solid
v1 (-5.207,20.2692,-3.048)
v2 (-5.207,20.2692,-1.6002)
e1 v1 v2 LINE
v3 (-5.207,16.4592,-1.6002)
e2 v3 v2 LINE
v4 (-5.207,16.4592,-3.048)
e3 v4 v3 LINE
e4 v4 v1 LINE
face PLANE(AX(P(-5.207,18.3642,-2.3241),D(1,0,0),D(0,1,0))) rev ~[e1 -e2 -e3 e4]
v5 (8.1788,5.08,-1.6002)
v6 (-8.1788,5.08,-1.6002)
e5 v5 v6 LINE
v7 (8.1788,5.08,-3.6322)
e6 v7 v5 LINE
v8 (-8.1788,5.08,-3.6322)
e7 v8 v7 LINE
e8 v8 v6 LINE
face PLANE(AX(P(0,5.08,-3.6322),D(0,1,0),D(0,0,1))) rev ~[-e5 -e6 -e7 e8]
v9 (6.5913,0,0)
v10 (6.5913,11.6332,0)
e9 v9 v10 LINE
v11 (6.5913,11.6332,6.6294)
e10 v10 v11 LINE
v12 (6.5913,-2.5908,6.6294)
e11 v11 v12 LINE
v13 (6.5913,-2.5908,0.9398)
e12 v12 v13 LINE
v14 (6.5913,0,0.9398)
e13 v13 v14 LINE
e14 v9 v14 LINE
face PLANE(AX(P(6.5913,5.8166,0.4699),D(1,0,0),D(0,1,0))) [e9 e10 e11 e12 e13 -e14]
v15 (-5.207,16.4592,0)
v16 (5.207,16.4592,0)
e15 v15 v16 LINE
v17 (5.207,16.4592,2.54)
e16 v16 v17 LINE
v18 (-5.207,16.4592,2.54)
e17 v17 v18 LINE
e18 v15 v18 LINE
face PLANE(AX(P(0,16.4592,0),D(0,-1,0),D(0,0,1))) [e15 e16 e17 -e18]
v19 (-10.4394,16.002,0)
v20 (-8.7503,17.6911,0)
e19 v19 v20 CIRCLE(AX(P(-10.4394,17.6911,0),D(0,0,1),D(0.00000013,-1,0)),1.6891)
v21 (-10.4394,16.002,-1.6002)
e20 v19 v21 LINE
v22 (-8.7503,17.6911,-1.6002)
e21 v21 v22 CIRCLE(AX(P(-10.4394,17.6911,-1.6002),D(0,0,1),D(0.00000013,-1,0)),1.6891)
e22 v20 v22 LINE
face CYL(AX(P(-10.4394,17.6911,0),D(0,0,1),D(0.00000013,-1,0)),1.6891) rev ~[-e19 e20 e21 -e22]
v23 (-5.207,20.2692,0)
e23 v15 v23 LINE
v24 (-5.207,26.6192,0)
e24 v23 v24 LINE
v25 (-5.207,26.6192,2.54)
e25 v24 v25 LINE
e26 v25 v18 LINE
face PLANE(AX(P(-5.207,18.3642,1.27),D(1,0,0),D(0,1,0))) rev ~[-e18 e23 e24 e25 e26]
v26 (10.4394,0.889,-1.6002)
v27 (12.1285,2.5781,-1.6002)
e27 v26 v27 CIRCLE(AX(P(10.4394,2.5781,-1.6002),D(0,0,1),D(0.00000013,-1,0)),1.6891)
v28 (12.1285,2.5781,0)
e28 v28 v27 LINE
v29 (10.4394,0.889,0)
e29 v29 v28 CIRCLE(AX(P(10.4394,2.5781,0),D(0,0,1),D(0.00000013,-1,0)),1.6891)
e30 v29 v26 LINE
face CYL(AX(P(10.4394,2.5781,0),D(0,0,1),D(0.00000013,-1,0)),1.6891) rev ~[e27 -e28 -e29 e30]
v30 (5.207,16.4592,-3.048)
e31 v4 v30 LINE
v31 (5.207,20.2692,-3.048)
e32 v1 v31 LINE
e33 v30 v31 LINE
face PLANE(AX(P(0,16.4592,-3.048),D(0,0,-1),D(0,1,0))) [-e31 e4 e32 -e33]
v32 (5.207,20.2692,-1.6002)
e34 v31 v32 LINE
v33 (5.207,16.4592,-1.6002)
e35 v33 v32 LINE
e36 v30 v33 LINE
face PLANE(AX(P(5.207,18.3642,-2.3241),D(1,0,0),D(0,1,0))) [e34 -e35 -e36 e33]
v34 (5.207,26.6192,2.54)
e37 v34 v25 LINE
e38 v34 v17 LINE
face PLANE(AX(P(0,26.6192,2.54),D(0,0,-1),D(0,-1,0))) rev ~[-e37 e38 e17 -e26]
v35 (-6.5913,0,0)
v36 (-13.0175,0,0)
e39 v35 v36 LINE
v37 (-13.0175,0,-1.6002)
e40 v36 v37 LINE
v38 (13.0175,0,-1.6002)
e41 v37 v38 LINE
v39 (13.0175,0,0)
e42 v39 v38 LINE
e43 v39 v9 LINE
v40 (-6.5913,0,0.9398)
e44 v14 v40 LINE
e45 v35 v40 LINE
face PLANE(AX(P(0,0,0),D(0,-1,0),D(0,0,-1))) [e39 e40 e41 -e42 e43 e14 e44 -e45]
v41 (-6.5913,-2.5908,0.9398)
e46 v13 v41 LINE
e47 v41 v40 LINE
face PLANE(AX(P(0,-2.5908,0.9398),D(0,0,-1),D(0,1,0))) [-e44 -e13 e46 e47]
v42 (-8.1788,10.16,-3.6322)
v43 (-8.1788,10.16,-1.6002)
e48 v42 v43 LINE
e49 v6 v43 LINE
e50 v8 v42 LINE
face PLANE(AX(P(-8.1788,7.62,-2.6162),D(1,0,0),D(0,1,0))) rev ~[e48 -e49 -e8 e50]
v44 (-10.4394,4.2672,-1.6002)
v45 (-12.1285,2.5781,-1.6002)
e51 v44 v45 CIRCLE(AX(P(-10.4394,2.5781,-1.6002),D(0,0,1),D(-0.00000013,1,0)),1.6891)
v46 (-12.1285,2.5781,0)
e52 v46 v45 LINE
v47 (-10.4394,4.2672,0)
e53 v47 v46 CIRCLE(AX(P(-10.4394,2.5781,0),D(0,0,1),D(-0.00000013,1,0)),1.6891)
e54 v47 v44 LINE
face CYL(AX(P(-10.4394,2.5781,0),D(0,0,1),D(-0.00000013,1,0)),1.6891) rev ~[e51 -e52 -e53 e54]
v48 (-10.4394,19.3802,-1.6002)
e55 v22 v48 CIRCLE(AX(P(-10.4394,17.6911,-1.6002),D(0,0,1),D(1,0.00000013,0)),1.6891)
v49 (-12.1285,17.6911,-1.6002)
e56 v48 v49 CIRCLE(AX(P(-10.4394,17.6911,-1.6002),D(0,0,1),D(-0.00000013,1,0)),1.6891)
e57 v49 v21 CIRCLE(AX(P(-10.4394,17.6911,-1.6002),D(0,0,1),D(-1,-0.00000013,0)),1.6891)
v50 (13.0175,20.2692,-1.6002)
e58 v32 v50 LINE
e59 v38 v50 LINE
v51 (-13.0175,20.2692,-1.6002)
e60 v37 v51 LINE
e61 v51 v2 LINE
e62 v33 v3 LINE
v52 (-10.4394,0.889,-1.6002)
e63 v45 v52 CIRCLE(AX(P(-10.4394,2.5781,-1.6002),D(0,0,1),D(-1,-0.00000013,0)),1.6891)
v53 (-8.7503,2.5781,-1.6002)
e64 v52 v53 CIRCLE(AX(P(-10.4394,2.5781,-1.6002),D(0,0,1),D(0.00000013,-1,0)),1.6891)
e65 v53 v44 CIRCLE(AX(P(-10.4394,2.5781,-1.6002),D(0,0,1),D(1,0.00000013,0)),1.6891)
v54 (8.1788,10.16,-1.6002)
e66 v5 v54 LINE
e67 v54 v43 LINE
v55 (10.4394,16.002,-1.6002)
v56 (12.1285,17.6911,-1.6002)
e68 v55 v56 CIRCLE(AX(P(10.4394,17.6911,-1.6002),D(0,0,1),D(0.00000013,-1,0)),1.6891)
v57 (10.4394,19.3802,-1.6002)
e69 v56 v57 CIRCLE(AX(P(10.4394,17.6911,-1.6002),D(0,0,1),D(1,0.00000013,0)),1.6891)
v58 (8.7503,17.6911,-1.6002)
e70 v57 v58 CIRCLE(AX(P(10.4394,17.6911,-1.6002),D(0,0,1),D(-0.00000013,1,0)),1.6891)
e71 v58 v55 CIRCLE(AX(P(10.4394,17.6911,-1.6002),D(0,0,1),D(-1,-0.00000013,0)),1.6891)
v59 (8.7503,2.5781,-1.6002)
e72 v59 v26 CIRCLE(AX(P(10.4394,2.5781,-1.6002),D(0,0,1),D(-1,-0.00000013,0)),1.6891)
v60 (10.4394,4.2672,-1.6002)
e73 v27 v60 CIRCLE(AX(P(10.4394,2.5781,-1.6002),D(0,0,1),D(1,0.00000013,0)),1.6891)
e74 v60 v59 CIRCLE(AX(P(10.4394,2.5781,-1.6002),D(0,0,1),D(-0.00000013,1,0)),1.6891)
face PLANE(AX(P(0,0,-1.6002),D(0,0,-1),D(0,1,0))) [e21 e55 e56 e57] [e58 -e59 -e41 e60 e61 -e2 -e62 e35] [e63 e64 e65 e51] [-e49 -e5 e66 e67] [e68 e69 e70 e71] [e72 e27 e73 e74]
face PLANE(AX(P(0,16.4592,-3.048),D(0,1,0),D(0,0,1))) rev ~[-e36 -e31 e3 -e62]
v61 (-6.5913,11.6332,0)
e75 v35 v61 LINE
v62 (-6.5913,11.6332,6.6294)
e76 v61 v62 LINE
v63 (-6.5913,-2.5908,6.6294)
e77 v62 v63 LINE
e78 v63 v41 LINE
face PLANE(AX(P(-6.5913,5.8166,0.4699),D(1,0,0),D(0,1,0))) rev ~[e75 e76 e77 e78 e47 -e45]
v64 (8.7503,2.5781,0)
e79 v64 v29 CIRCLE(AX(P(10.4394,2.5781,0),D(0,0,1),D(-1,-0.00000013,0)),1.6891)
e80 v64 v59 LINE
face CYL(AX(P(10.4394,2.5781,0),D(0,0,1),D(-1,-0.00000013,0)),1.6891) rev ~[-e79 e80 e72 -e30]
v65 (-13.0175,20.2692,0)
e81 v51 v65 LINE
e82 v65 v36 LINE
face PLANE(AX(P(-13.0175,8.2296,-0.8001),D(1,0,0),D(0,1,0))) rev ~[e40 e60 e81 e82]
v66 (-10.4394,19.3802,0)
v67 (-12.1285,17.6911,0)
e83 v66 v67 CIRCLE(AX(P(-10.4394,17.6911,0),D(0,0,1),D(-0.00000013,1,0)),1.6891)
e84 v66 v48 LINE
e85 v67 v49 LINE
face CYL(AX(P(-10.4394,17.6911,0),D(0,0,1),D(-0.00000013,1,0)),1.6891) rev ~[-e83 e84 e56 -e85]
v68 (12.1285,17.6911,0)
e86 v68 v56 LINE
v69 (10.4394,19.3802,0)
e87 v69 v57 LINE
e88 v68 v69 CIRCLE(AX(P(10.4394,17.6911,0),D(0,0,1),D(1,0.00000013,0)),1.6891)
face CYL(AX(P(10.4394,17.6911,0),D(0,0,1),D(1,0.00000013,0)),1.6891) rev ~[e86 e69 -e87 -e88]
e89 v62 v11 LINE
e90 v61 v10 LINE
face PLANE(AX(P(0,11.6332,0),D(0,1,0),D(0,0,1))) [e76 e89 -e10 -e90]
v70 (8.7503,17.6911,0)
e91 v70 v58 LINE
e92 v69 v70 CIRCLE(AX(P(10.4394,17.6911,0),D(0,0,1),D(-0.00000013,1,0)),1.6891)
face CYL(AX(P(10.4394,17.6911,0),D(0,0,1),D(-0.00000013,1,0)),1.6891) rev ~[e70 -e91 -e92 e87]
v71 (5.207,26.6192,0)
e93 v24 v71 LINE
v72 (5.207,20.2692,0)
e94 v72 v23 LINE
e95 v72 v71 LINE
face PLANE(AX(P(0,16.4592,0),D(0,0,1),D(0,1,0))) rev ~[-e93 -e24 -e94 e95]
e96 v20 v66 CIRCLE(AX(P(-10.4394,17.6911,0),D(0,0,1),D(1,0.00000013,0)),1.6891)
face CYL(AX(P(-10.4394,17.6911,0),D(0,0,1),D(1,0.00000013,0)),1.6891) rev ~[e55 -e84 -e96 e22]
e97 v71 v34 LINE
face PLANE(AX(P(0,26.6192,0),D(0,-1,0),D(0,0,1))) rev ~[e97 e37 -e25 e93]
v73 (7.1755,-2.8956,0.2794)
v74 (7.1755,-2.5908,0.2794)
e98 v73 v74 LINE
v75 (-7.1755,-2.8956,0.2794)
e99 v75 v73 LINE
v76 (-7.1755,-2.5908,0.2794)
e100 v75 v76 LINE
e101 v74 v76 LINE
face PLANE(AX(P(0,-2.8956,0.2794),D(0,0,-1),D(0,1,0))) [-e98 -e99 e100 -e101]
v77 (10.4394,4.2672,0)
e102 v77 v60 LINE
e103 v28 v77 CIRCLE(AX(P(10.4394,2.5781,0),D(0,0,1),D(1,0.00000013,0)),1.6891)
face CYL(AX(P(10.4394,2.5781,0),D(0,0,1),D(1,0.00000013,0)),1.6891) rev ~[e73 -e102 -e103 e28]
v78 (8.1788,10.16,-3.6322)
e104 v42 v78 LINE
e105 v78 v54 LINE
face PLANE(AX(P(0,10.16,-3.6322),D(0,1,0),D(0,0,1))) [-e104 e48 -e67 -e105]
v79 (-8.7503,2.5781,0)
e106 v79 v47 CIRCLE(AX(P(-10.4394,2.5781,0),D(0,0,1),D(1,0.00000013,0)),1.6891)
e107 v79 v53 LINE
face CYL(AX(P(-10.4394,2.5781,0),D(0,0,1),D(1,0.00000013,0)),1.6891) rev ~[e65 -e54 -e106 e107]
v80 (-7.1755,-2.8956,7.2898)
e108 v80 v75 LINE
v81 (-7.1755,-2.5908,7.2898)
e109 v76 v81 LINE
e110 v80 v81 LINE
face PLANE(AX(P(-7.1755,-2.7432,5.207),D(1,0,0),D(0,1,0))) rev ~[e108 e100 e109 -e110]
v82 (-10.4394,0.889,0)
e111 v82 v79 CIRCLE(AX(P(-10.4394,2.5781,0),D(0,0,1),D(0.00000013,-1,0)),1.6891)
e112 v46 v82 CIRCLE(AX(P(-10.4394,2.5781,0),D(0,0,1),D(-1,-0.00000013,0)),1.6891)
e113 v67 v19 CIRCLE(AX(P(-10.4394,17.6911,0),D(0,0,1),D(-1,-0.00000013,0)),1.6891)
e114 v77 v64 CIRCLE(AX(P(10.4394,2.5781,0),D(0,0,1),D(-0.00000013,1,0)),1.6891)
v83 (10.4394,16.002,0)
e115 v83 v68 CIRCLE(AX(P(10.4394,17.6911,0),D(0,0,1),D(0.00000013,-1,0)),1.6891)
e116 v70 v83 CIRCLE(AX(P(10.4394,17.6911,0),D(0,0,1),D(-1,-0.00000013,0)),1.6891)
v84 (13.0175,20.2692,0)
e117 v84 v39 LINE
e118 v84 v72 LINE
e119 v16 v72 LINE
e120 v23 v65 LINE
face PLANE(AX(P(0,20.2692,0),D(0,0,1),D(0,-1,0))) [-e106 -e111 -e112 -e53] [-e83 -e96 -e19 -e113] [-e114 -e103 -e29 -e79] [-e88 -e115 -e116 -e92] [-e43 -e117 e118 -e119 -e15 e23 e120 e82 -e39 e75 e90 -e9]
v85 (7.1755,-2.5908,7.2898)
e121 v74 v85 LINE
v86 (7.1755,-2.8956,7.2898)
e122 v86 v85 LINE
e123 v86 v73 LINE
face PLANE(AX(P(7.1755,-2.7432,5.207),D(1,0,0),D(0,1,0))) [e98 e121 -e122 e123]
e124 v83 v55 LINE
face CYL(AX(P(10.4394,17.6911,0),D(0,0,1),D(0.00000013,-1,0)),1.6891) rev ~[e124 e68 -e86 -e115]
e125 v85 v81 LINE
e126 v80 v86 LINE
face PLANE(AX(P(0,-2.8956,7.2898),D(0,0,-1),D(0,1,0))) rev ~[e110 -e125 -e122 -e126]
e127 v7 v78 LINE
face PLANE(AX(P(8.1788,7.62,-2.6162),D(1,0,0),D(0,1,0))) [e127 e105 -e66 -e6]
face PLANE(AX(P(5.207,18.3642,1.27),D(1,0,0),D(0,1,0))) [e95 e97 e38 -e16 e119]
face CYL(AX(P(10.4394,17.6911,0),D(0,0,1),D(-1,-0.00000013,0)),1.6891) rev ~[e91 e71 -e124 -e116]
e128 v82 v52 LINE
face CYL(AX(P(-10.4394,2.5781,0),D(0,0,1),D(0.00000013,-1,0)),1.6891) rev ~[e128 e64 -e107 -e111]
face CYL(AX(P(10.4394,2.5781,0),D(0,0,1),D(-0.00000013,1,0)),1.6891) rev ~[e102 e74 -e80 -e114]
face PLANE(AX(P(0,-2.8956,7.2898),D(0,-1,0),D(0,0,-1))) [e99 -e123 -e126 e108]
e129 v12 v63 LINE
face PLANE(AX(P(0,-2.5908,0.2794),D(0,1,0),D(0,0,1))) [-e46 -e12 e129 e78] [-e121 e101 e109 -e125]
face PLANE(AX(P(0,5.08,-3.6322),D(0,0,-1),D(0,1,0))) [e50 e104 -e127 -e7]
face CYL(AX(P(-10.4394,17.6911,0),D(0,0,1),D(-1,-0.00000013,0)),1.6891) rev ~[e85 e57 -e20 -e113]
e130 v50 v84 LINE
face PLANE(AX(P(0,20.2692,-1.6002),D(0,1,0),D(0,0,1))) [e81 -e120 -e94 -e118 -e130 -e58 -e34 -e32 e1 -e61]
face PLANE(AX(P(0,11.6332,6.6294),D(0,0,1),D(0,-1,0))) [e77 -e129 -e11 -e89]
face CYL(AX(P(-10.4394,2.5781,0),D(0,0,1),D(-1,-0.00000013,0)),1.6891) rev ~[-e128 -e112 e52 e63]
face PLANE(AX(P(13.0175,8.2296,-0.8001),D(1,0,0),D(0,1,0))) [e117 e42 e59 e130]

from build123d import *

# Parameters (mm, degrees)
F0_W     = 3.81
F0_H     = 1.6002
F1_DEPTH = 13.0175
F0_W_2   = 11.6332
F0_H_2   = 0.9398
F2_DEPTH = 6.5913
F0_W_3   = 0.3048
F0_H_3   = 2.8448
F0_H_4   = 0.6604
F3_DEPTH = 7.1755
F0_H_5   = 2.54
F0_W_4   = 6.35
F0_H_6   = 1.4478
F4_DEPTH = 5.207
F0_W_5   = 5.08
F0_H_7   = 2.032
F5_DEPTH = 8.1788
F7_DEPTH = 3.6332


with BuildPart() as f1:
    # F0 (on Right) → F1 (new body, symmetric)
    with BuildSketch(Plane.YZ):
        Polygon((11.6332, 0), (0, 0), (0, -1.6002), (5.08, -1.6002), (10.16, -1.6002), (16.4592, -1.6002), (16.4592, 0), align=None)
        with Locations((18.3642, -0.8001)):
            Rectangle(F0_W, F0_H)
    extrude(amount=F1_DEPTH, both=True)

    # F0 (on Right) → F2 (join, symmetric)
    with BuildSketch(Plane.YZ):
        with Locations((5.8166, 0.4699)):
            Rectangle(F0_W_2, F0_H_2)
        Polygon((-2.5908, 0.9398), (0, 0.9398), (11.6332, 0.9398), (11.6332, 6.6294), (-2.5908, 6.6294), (-2.5908, 3.7846), align=None)
    extrude(amount=F2_DEPTH, both=True)

    # F0 (on Right) → F3 (join, symmetric)
    with BuildSketch(Plane.YZ):
        with Locations((-2.7432, 5.207)):
            Rectangle(F0_W_3, F0_H_3)
        with Locations((-2.7432, 6.9596)):
            Rectangle(F0_W_3, F0_H_4)
        with Locations((-2.7432, 2.3622)):
            Rectangle(F0_W_3, F0_H_3)
        with Locations((-2.7432, 0.6096)):
            Rectangle(F0_W_3, F0_H_4)
    extrude(amount=F3_DEPTH, both=True)

    # F0 (on Right) → F4 (join, symmetric)
    with BuildSketch(Plane.YZ):
        with Locations((18.3642, 1.27)):
            Rectangle(F0_W, F0_H_5)
        with Locations((23.4442, 1.27)):
            Rectangle(F0_W_4, F0_H_5)
        with Locations((18.3642, -2.3241)):
            Rectangle(F0_W, F0_H_6)
    extrude(amount=F4_DEPTH, both=True)

    # F0 (on Right) → F5 (join, symmetric)
    with BuildSketch(Plane.YZ):
        with Locations((7.62, -2.6162)):
            Rectangle(F0_W_5, F0_H_7)
    extrude(amount=F5_DEPTH, both=True)

    # F6 (on face) → F7 (cut, through all)
    with BuildSketch(Plane.XY):
        with BuildLine():
            Line((-10.4394, 4.2672), (-10.4394, 0.889))
            ThreePointArc((-10.4394, 0.889), (-9.245026, 1.383726), (-8.7503, 2.5781))
            ThreePointArc((-8.7503, 2.5781), (-9.245026, 3.772474), (-10.4394, 4.2672))
        make_face()
        with BuildLine():
            ThreePointArc((-12.1285, 2.5781), (-11.633774, 1.383726), (-10.4394, 0.889))
            Line((-10.4394, 0.889), (-10.4394, 4.2672))
            ThreePointArc((-10.4394, 4.2672), (-11.633774, 3.772474), (-12.1285, 2.5781))
        make_face()
        with BuildLine():
            Line((-10.4394, 19.3802), (-10.4394, 16.002))
            ThreePointArc((-10.4394, 16.002), (-9.245026, 16.496726), (-8.7503, 17.6911))
            ThreePointArc((-8.7503, 17.6911), (-9.245026, 18.885474), (-10.4394, 19.3802))
        make_face()
        with BuildLine():
            ThreePointArc((-12.1285, 17.6911), (-11.633774, 16.496726), (-10.4394, 16.002))
            Line((-10.4394, 16.002), (-10.4394, 19.3802))
            ThreePointArc((-10.4394, 19.3802), (-11.633774, 18.885474), (-12.1285, 17.6911))
        make_face()
        with BuildLine():
            ThreePointArc((8.7503, 17.6911), (9.245026, 16.496726), (10.4394, 16.002))
            Line((10.4394, 16.002), (10.4394, 19.3802))
            ThreePointArc((10.4394, 19.3802), (9.245026, 18.885474), (8.7503, 17.6911))
        make_face()
        with BuildLine():
            Line((10.4394, 19.3802), (10.4394, 16.002))
            ThreePointArc((10.4394, 16.002), (11.633774, 16.496726), (12.1285, 17.6911))
            ThreePointArc((12.1285, 17.6911), (11.633774, 18.885474), (10.4394, 19.3802))
        make_face()
        with BuildLine():
            ThreePointArc((8.7503, 2.5781), (9.245026, 1.383726), (10.4394, 0.889))
            Line((10.4394, 0.889), (10.4394, 4.2672))
            ThreePointArc((10.4394, 4.2672), (9.245026, 3.772474), (8.7503, 2.5781))
        make_face()
        with BuildLine():
            Line((10.4394, 4.2672), (10.4394, 0.889))
            ThreePointArc((10.4394, 0.889), (11.633774, 1.383726), (12.1285, 2.5781))
            ThreePointArc((12.1285, 2.5781), (11.633774, 3.772474), (10.4394, 4.2672))
        make_face()
    extrude(amount=-F7_DEPTH, mode=Mode.SUBTRACT)


solid = f1.part
